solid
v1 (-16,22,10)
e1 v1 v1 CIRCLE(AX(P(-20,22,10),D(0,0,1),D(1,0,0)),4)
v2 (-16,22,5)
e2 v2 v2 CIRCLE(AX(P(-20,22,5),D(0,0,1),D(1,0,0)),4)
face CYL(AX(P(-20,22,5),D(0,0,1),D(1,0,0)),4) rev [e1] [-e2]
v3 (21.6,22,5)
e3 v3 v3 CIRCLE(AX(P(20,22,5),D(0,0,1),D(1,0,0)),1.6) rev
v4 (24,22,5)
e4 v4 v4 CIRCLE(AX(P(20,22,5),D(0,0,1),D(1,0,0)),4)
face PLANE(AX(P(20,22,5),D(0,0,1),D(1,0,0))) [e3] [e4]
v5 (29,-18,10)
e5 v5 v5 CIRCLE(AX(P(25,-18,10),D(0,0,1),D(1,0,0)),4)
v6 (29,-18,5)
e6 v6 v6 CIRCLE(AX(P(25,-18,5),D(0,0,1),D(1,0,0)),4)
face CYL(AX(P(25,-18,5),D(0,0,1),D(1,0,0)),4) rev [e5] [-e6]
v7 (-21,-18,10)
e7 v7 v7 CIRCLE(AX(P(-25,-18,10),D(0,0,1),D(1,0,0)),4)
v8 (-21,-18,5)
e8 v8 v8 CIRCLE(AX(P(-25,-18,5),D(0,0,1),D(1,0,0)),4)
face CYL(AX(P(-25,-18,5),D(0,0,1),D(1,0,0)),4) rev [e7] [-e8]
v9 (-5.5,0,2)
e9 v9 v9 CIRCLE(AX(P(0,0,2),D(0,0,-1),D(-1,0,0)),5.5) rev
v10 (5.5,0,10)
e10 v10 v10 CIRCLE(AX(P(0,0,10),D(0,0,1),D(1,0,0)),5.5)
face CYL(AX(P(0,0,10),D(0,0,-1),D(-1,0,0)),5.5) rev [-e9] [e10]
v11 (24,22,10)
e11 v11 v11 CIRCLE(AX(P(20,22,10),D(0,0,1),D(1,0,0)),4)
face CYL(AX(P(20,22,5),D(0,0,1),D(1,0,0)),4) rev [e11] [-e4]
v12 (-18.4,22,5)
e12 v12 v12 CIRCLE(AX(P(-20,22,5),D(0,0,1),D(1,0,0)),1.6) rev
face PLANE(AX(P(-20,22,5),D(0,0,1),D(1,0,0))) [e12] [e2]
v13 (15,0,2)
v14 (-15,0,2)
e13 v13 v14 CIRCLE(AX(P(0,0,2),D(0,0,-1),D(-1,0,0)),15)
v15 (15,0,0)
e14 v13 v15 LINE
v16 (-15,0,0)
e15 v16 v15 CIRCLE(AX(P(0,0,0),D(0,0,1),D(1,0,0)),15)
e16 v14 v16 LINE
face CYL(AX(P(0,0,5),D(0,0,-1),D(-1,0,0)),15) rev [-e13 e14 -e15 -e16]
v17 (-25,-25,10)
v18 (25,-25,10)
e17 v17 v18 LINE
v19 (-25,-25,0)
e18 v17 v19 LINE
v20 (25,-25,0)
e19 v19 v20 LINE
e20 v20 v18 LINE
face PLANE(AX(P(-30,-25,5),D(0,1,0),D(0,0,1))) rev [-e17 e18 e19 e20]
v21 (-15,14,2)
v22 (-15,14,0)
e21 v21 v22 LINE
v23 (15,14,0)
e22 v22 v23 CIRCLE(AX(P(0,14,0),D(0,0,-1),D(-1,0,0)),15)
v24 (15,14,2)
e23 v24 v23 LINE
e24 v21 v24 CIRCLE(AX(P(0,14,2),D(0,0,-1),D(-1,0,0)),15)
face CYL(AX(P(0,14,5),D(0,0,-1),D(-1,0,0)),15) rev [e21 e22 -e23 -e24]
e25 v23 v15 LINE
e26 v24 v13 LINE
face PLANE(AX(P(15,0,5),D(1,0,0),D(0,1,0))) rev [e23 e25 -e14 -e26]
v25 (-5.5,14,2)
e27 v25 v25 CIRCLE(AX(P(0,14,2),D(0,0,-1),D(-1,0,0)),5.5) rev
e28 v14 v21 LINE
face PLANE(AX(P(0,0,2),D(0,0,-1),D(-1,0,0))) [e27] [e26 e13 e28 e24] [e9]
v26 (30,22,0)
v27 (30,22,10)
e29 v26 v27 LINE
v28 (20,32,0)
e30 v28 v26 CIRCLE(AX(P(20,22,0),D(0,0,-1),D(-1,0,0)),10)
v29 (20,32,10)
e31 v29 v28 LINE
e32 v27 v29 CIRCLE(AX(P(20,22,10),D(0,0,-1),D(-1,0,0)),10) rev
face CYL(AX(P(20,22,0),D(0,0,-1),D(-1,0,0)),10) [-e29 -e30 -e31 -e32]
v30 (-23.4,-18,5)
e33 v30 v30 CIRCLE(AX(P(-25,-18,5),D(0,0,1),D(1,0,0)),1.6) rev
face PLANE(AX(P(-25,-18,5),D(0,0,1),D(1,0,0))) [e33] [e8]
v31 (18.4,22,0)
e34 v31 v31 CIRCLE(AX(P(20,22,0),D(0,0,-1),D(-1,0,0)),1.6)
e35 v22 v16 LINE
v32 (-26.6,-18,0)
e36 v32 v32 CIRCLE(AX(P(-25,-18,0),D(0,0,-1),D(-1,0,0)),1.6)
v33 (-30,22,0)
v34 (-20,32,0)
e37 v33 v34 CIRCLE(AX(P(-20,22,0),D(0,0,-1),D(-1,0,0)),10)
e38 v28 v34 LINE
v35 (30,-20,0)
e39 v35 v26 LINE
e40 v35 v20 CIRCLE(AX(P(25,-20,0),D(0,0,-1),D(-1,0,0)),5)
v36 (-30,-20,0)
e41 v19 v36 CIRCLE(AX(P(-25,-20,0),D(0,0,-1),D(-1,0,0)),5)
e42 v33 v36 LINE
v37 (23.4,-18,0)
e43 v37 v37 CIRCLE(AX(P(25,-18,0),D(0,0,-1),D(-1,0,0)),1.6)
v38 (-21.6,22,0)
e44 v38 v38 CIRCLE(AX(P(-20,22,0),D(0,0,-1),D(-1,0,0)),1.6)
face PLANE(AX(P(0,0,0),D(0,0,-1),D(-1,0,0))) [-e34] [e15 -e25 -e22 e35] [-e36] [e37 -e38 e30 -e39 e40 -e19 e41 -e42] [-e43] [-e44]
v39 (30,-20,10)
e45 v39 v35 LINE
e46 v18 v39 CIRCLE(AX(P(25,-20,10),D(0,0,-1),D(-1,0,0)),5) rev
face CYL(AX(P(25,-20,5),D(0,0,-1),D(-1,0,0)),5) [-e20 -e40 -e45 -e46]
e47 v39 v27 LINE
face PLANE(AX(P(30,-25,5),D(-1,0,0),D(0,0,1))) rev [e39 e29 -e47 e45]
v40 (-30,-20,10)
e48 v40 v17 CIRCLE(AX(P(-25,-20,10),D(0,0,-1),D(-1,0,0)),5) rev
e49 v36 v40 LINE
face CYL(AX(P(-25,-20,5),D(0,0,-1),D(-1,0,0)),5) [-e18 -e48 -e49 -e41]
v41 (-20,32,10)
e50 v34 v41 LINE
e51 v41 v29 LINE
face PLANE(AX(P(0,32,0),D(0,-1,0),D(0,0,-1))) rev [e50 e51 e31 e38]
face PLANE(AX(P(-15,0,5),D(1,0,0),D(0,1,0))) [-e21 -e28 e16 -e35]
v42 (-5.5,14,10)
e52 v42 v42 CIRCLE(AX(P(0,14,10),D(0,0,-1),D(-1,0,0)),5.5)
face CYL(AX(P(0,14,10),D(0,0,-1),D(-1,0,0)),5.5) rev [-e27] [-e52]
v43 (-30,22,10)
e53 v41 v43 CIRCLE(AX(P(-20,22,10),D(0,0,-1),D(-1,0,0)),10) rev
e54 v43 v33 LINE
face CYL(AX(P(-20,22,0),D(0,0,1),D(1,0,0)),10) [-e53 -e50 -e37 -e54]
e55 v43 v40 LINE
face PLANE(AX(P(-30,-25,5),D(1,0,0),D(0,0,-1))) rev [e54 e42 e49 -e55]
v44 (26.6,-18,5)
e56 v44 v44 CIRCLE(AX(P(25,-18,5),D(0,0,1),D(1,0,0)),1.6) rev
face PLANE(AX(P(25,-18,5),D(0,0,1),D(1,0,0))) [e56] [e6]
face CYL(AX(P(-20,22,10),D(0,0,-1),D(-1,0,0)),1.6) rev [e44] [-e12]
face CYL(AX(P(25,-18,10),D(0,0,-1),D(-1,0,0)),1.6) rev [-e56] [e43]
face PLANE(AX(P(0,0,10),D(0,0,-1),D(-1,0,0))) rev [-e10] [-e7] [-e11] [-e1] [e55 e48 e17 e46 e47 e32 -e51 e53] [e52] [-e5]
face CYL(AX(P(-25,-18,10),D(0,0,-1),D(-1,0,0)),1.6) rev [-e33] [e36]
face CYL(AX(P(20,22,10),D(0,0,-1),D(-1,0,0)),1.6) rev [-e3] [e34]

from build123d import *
from build123d.topology import SkipClean

# Parameters (mm, degrees)
SKETCH_1_W          = 60
SKETCH_1_H          = 50
SKETCH_1_R          = 15
EXTRUDE_5_DEPTH     = 5
SKETCH_4_W          = 60
SKETCH_4_H          = 50
SKETCH_4_R          = 5.5
EXTRUDE_6_DEPTH     = 5
SKETCH_5_R          = 1.6
CUT_EXTRUDE_1_DEPTH = 10
SKETCH_6_W          = 60
SKETCH_6_H          = 10
EXTRUDE_7_DEPTH     = 7
FILLET_3_R          = 10
SKETCH_7_R          = 4
CUT_EXTRUDE_2_DEPTH = 5
FILLET_5_R          = 10
FILLET_6_R          = 5
FILLET_7_R          = 5
CUT_EXTRUDE_4_DEPTH = 5
SKETCH_10_R         = 5.5
CUT_EXTRUDE_5_DEPTH = 5
EXTRUDE_START       = 3
SKETCH_11_R         = 5.5
EXTRUDE_8_DEPTH     = 3


with BuildPart() as part:
    # 草图1 → 凸台-拉伸5 (new body)
    with BuildSketch(Plane.XY):
        Rectangle(SKETCH_1_W, SKETCH_1_H)
        Circle(SKETCH_1_R, mode=Mode.SUBTRACT)
    extrude(amount=EXTRUDE_5_DEPTH)

    # 草图4 → 凸台-拉伸6 (add)
    with BuildSketch(Plane.XY.offset(5)):
        Rectangle(SKETCH_4_W, SKETCH_4_H)
        Circle(SKETCH_4_R, mode=Mode.SUBTRACT)
    extrude(amount=EXTRUDE_6_DEPTH)

    # 草图5 → 切除-拉伸1 (cut)
    with BuildSketch(Plane(origin=(0, 0, 0), x_dir=(-1, 0, 0), z_dir=(0, 0, -1))):
        with Locations((-20, 22)):
            Circle(SKETCH_5_R)
        with Locations((-25, -18)):
            Circle(SKETCH_5_R)
        with Locations((20, 22)):
            Circle(SKETCH_5_R)
        with Locations((25, -18)):
            Circle(SKETCH_5_R)
    extrude(amount=-CUT_EXTRUDE_1_DEPTH, mode=Mode.SUBTRACT)

    # 草图6 → 凸台-拉伸7 (add)
    with BuildSketch(Plane(origin=(0, 25, 0), x_dir=(1, 0, 0), z_dir=(0, 1, 0))):
        with Locations((0, -5)):
            Rectangle(SKETCH_6_W, SKETCH_6_H)
    extrude(amount=EXTRUDE_7_DEPTH)

    # 圆角3
    fillet_3_edges = [part.edges().sort_by_distance(p)[0] for p in [
        (-30, 32, 5),
    ]]
    fillet(fillet_3_edges, radius=FILLET_3_R)

    # 草图7 → 切除-拉伸2 (cut)
    with BuildSketch(Plane.XY.offset(10)):
        with Locations((-20, 22)):
            Circle(SKETCH_7_R)
        with Locations((20, 22)):
            Circle(SKETCH_7_R)
        with Locations((-25, -18)):
            Circle(SKETCH_7_R)
        with Locations((25, -18)):
            Circle(SKETCH_7_R)
    extrude(amount=-CUT_EXTRUDE_2_DEPTH, mode=Mode.SUBTRACT)

    # 圆角5
    fillet_5_edges = [part.edges().sort_by_distance(p)[0] for p in [
        (30, 32, 5),
    ]]
    fillet(fillet_5_edges, radius=FILLET_5_R)

    # 圆角6
    fillet_6_edges = [part.edges().sort_by_distance(p)[0] for p in [
        (-30, -25, 5),
    ]]
    fillet(fillet_6_edges, radius=FILLET_6_R)

    # 圆角7
    fillet_7_edges = [part.edges().sort_by_distance(p)[0] for p in [
        (30, -25, 5),
    ]]
    fillet(fillet_7_edges, radius=FILLET_7_R)

    # 草图8 → 切除-拉伸4 (cut)
    with BuildSketch(Plane(origin=(0, 0, 0), x_dir=(-1, 0, 0), z_dir=(0, 0, -1))):
        with BuildLine():
            ThreePointArc((-15, 0), (0, 15), (15, 0))
            Line((15, 0), (15, 14))
            ThreePointArc((15, 14), (0, 29), (-15, 14))
            Line((-15, 14), (-15, 0))
        make_face()
    extrude(amount=-CUT_EXTRUDE_4_DEPTH, mode=Mode.SUBTRACT)

    # 草图10 → 切除-拉伸5 (cut)
    with BuildSketch(Plane(origin=(0, 0, 5), x_dir=(-1, 0, 0), z_dir=(0, 0, -1))):
        with Locations((0, 14)):
            Circle(SKETCH_10_R)
    extrude(amount=-CUT_EXTRUDE_5_DEPTH, mode=Mode.SUBTRACT)

    # 草图11 → 凸台-拉伸8 (add)
    with SkipClean():  # the faces are left unmerged after this step: merging them gives an invalid solid
        with BuildSketch(Plane(origin=(0, 0, 5), x_dir=(-1, 0, 0), z_dir=(0, 0, -1)).offset(EXTRUDE_START)):
            with BuildLine():
                Line((-15, 14), (-15, 0))
                ThreePointArc((-15, 0), (0, -15), (15, 0))
                Line((15, 0), (15, 14))
                ThreePointArc((15, 14), (0, 29), (-15, 14))
            make_face()
            with Locations((0, 14)):
                Circle(SKETCH_11_R, mode=Mode.SUBTRACT)
            Circle(SKETCH_11_R, mode=Mode.SUBTRACT)
        extrude(amount=-EXTRUDE_8_DEPTH)


solid = part.part
